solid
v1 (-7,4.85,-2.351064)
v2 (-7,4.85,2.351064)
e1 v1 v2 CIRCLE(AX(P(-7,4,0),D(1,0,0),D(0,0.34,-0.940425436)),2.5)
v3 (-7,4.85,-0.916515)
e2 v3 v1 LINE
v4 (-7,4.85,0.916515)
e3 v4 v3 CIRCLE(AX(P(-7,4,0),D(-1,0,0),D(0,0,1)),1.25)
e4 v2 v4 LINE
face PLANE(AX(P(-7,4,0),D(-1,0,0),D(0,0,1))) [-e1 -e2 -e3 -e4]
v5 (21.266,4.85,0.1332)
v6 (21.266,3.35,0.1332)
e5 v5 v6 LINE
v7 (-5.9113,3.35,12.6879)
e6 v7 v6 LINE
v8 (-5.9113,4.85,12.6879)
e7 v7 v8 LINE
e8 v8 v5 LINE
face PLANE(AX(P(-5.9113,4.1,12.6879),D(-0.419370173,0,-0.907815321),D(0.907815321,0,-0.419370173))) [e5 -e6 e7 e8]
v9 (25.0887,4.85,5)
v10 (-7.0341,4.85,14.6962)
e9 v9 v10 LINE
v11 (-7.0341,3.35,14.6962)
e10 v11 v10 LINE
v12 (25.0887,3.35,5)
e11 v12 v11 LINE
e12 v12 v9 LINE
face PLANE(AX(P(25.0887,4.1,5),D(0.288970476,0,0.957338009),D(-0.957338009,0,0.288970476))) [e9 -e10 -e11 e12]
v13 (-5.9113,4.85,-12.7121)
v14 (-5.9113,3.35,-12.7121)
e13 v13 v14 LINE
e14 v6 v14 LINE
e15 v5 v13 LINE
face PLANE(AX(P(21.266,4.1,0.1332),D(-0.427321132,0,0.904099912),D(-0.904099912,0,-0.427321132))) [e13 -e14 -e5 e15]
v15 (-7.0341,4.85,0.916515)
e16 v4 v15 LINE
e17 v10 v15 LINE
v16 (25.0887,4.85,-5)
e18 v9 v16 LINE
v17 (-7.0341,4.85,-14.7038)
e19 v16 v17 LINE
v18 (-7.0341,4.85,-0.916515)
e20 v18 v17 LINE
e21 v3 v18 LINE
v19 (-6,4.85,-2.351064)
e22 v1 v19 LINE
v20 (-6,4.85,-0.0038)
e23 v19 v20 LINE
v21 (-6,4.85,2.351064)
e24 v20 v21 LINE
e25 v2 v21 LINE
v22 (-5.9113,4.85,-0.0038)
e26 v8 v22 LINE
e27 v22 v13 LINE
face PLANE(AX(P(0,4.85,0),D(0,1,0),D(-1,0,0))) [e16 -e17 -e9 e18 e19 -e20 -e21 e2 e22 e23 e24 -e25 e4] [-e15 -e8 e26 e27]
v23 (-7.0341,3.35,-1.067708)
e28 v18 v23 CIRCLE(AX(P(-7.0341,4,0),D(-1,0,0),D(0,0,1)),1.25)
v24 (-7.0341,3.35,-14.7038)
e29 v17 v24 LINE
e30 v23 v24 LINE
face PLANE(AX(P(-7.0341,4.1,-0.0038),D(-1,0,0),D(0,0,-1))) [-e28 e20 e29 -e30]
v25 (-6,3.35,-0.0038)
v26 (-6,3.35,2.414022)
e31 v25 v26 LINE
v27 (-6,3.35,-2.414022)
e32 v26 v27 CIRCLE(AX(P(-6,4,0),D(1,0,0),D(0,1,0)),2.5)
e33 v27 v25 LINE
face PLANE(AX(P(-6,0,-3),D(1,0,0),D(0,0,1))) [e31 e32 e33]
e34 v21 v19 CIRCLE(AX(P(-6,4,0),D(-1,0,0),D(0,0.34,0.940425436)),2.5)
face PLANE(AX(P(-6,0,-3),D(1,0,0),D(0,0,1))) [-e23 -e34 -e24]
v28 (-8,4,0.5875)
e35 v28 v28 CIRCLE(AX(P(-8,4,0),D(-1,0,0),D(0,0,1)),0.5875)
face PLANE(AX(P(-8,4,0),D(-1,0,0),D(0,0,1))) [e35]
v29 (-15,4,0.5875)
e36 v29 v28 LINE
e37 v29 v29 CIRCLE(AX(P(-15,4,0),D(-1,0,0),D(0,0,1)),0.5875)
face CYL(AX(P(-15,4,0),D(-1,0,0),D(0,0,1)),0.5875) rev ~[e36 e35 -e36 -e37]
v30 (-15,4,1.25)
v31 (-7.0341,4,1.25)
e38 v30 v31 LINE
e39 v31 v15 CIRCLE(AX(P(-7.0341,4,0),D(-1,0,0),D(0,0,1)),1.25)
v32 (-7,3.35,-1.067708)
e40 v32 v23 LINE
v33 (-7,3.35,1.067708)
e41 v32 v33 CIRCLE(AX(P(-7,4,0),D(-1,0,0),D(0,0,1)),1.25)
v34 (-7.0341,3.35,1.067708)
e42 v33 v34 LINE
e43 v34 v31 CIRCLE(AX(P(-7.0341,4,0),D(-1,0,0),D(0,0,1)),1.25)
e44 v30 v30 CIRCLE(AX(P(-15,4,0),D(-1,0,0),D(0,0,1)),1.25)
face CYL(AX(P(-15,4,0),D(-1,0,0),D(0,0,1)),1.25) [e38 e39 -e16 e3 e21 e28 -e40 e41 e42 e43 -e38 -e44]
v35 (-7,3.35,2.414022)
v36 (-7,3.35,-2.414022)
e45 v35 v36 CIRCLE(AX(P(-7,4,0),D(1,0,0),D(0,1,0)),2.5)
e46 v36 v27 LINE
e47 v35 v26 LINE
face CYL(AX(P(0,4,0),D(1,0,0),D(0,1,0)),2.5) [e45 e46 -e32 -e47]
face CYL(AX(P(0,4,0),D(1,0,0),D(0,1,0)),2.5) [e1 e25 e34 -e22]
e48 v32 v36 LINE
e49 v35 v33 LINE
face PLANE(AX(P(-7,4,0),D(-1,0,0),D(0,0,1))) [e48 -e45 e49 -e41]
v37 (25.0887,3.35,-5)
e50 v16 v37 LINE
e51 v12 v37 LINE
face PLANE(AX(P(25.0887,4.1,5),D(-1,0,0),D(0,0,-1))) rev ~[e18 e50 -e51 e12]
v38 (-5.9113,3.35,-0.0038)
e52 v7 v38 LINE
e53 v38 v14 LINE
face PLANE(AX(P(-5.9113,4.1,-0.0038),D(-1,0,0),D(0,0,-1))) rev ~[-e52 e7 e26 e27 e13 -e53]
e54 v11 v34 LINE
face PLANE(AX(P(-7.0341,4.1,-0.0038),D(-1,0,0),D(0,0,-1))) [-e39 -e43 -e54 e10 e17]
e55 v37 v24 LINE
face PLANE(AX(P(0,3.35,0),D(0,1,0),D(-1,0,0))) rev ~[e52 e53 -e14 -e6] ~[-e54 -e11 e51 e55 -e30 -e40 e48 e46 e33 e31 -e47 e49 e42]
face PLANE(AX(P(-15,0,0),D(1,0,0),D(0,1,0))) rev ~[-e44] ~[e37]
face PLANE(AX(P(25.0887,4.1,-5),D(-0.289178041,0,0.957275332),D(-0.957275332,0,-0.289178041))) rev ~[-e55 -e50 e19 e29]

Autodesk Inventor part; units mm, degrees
ref_plane "YZ Plane" through (0, 0, 0) normal (1, 0, 0) x (0, 1, 0)
ref_plane "XY Plane" through (0, 0, 0) normal (0, 0, 1) x (1, 0, 0)
sketch "Sketch1" plane through (0, 0, 0) normal (0, 1, 0) x (-1, 0, 0)
  arc A0 (0, -5) -> (0, 5) centre (0, 0) ccw
  line L0 (0, 5) -> (0, -5)
  dimension "d0" = 10
extrude "Extrusion1" add sketch "Sketch1" along normal blind 10
sketch "Sketch2" plane through (0, 0, 0) normal (1, 0, 0) x (0, 1, 0)
  line L0 (8.0172, -4.5) -> (8.0172, 4.5)
  line L1 (8.0172, 4.5) -> (2.5172, 4.5)
  line L2 (2.5172, -4.5) -> (0.0172, -2)
  line L3 (2.5172, 4.5) -> (0.0172, 2)
  line L4 (0.0172, -2) -> (0.0172, 2)
  line L5 (8.0172, -4.5) -> (2.5172, -4.5)
  point P0 (0, 0)
  dimension "d3" = 9
  dimension "d4" = 8
sketch "Sketch3" plane through (0, 0, 0) normal (1, 0, 0) x (0, 1, 0)
  line L0 (0, 2) -> (3, 5)
  arc A0 (3, 5) -> (0, 2) centre (1, 4) ccw
  line L1 (0, -2) -> (4, -6)
  arc A1 (0, -2) -> (4, -6) centre (1.75, -4.25) ccw
  line L2 (8.0325, 5) -> (11, 5)
  line L3 (11, 5) -> (11, -6)
  line L4 (11, -6) -> (8.0325, -6)
  line L5 (8.0325, -6) -> (8.0325, 5)
  line L6 (2.4911, 4.4911) -> (5, 7)
  line L7 (2.4911, 4.4911) -> (8.0325, 4.4911)
  arc A2 (8.0325, 4.4911) -> (5, 7) centre (7, 6.3303) ccw
  line L8 (2.4911, -4.4911) -> (8.5706, -4.4911)
  arc A3 (2.4911, -4.4911) -> (8.5706, -4.4911) centre (5.5309, -7.5041) ccw
  point P0 (0, 0)
extrude "Extrusion2" cut sketch "Sketch3" against normal through all
sketch "Sketch4" plane through (0, 0, 0) normal (0, 1, 0) x (-1, 0, 0)
  arc A0 (1.0726, -4.4911) -> (1.0726, 4.4911) centre (-1.125, 0) ccw
  arc A1 (1.0726, 4.4911) -> (1.0726, -4.4911) centre (-0.4517, 0) ccw
  point P0 (0, 0)
  point P1 (2.1976, -4.4911)
  point P2 (2.1976, 4.4911)
  dimension "d9" = 1.125
  dimension "d10" = 1.125
extrude "Extrusion3" cut sketch "Sketch4" along normal through all both and the other way through all
sketch "Sketch5" plane through (0, 0, 0) normal (1, 0, 0) x (0, 1, 0)
  line L0 (1.6, -1.2445) -> (1.6, 1.1555)
  line L1 (6.4325, 2.6911) -> (3.1125, 2.6911)
  line L2 (6.4325, -2.6911) -> (6.4325, 2.6911)
  line L3 (6.4325, -2.6911) -> (3.1125, -2.6911)
  line L4 (0, 2) -> (0, -2) projected
  line L5 (8.0325, 4.4911) -> (8.0325, -4.4911) projected
  line L6 (0, 2) -> (2.4911, 4.4911) projected
  line L7 (2.4911, 4.4911) -> (8.0325, 4.4911) projected
  line L8 (8.0325, 4.4911) -> (8.0325, -4.4911) projected
  line L9 (8.0325, -4.4911) -> (2.4911, -4.4911) projected
  line L10 (2.4911, -4.4911) -> (0, -2) projected
  line L11 (0, 2) -> (0, -2) projected
  line L12 (1.6, 1.1555) -> (3.1125, 2.6911)
  line L13 (1.6, -1.2445) -> (3.1125, -2.6911)
  line L14 (1.6, 4.6579) -> (1.6, -5.3823)
  arc A0 (1.6, 4.6579) -> (1.6, -5.3823) centre (3.2437, -0.3622) ccw
  line L15 (1.6, 1.1555) -> (5.4757, 5.0906)
  line L16 (1.6, 1.1555) -> (1.6, 7.5999)
  arc A1 (5.4757, 5.0906) -> (1.6, 7.5999) centre (3.8837, 6.8794) ccw
  line L17 (3.1125, 2.6911) -> (12.4034, 2.6911)
  line L18 (3.1125, 2.6911) -> (8.5318, 8.1936)
  arc A2 (12.4034, 2.6911) -> (8.5318, 8.1936) centre (8.3272, 3.9364) ccw
  line L19 (6.4325, 2.6911) -> (13.6333, 2.6911)
  line L20 (6.4325, 2.6911) -> (6.4325, -9.3636)
  arc A3 (6.4325, -9.3636) -> (13.6333, 2.6911) centre (6.37, -1.1482) ccw
  line L21 (6.4325, -2.6911) -> (6.4325, -11.5775)
  line L22 (6.4325, -2.6911) -> (3.1125, -2.6911)
  line L23 (3.1125, -2.6911) -> (3.2437, -12.8567)
  arc A4 (3.2437, -12.8567) -> (6.4325, -9.3636) centre (5.6123, -11.8169) ccw
  line L24 (1.6, -1.2445) -> (1.6, -8.2222)
  line L25 (1.6, -1.2445) -> (3.1125, -2.6911)
  line L26 (3.1125, -2.6911) -> (3.1946, -9.0574)
  arc A5 (1.6, -8.2222) -> (3.1946, -9.0574) centre (2.6381, -8.1801) ccw
  point P0 (0, 0)
  dimension "d16" = 1.6
  dimension "d18" = 1.6
  dimension "d21" = 1.8
  dimension "d23" = 1.8
  dimension "d24" = 2.4
  dimension "d26" = 3.32
  dimension "d27" = 3.32
extrude "Extrusion4" cut sketch "Sketch5" against normal through all contours L14 L10 L4 L6 L0 | L13 L23 L9 L10 L14 | L14 L6 L7 L15 L12 | L3 L20 L9 L23 | L14 A0 L6 L4 L10 | L10 L9 L23 A5 L24 L14 | L15 L7 L5 L17 L1 | L14 L16 A1 L15 L7 L6 | L2 L17 L5 L9 L20 | L9 L20 A4 L23 | L15 L18 A2 L17 L5 L7 | L9 L5 L17 L19 A3 L20
sketch "Sketch6" plane through (0, 0, 0) normal (1, 0, 0) x (0, 1, 0)
  circle A0 centre (4, 0) radius 2.5
  line L0 (1.6, -1.2445) -> (1.6, 1.1555) projected
  point P0 (0, 0)
  dimension "d31" = 5
  dimension "d32" = 2.4
extrude "Extrusion5" add sketch "Sketch6" against normal blind 15
sketch "Sketch7" plane through (0, 0, 0) normal (0, 1, 0) x (-1, 0, 0)
  arc A0 (3.089, -2.6911) -> (3.7176, -1.2445) centre (-1.125, 0) ccw
  arc A1 (3.7397, 1.1555) -> (3.089, 2.6911) centre (-1.125, 0) ccw projected
  arc A2 (3.7176, -1.2445) -> (3.7397, 1.1555) centre (-1.125, 0) ccw
  arc A3 (3.089, 2.6911) -> (3.089, -2.6911) centre (1.3425, 0) ccw
  point P0 (0, 0)
extrude "Extrusion6" cut sketch "Sketch7" along normal through all
sketch "Sketch8" plane through (-15, 4, 0) normal (-1, 0, 0) x (0, 0, 1)
  circle A0 centre (0, 0) radius 0.5875
  point P0 (0, -4)
  dimension "d37" = 1.175
extrude "Extrusion7" cut sketch "Sketch8" against normal blind 7
sketch "Sketch9" plane through (0, 0, 0) normal (0, 1, 0) x (-1, 0, 0)
  line L0 (6, 3) -> (2, 3)
  line L1 (2, 3) -> (2, -3)
  line L2 (2, -3) -> (6, -3)
  line L3 (6, -3) -> (6, 3)
  point P0 (0, 0)
extrude "Extrusion8" cut sketch "Sketch9" along normal through all both and the other way through all
sketch "Sketch10" plane through (-15, 4, 0) normal (-1, 0, 0) x (0, 0, 1)
  circle A0 centre (0, 0) radius 1.25
  circle A1 centre (0, 0) radius 3.9528
  point P0 (0, -4)
  dimension "d69" = 2.5
extrude "Extrusion9" cut sketch "Sketch10" against normal blind 8
ref_plane "Work Plane1" through (0, 4.1, 0) normal (0, 1, 0) x (-1, 0, 0)
sketch "Sketch12" plane through (0, 4.1, 0) normal (0, 1, 0) x (-1, 0, 0)
  line L0 (15, -1) -> (15, 1)
  line L1 (5.9113, 12.6879) -> (5.9113, -12.7121)
  line L2 (5.9113, 12.6879) -> (-21.266, 0.1332)
  line L3 (-21.266, 0.1332) -> (5.9113, -12.7121)
  line L4 (7.0341, 14.6962) -> (7.0341, -14.7038)
  line L5 (2.03, -0.0038) -> (19.03, -0.0038)
  line L6 (-25.0887, 5) -> (-25.0887, -5)
  line L7 (-25.0887, 5) -> (7.0341, 14.6962)
  line L8 (-25.0887, -5) -> (7.0341, -14.7038)
  point P0 (0, 0)
  point P1 (0, 0)
  dimension "d61" = 25.4
  dimension "d62" = 29.4
  dimension "d63" = 14.7
  dimension "d64" = 10
  dimension "d67" = 31
extrude "Extrusion11" add sketch "Sketch12" along normal mid plane 1.5
properties part number "piezo_mounted_whisk_deflector_SHORT"
